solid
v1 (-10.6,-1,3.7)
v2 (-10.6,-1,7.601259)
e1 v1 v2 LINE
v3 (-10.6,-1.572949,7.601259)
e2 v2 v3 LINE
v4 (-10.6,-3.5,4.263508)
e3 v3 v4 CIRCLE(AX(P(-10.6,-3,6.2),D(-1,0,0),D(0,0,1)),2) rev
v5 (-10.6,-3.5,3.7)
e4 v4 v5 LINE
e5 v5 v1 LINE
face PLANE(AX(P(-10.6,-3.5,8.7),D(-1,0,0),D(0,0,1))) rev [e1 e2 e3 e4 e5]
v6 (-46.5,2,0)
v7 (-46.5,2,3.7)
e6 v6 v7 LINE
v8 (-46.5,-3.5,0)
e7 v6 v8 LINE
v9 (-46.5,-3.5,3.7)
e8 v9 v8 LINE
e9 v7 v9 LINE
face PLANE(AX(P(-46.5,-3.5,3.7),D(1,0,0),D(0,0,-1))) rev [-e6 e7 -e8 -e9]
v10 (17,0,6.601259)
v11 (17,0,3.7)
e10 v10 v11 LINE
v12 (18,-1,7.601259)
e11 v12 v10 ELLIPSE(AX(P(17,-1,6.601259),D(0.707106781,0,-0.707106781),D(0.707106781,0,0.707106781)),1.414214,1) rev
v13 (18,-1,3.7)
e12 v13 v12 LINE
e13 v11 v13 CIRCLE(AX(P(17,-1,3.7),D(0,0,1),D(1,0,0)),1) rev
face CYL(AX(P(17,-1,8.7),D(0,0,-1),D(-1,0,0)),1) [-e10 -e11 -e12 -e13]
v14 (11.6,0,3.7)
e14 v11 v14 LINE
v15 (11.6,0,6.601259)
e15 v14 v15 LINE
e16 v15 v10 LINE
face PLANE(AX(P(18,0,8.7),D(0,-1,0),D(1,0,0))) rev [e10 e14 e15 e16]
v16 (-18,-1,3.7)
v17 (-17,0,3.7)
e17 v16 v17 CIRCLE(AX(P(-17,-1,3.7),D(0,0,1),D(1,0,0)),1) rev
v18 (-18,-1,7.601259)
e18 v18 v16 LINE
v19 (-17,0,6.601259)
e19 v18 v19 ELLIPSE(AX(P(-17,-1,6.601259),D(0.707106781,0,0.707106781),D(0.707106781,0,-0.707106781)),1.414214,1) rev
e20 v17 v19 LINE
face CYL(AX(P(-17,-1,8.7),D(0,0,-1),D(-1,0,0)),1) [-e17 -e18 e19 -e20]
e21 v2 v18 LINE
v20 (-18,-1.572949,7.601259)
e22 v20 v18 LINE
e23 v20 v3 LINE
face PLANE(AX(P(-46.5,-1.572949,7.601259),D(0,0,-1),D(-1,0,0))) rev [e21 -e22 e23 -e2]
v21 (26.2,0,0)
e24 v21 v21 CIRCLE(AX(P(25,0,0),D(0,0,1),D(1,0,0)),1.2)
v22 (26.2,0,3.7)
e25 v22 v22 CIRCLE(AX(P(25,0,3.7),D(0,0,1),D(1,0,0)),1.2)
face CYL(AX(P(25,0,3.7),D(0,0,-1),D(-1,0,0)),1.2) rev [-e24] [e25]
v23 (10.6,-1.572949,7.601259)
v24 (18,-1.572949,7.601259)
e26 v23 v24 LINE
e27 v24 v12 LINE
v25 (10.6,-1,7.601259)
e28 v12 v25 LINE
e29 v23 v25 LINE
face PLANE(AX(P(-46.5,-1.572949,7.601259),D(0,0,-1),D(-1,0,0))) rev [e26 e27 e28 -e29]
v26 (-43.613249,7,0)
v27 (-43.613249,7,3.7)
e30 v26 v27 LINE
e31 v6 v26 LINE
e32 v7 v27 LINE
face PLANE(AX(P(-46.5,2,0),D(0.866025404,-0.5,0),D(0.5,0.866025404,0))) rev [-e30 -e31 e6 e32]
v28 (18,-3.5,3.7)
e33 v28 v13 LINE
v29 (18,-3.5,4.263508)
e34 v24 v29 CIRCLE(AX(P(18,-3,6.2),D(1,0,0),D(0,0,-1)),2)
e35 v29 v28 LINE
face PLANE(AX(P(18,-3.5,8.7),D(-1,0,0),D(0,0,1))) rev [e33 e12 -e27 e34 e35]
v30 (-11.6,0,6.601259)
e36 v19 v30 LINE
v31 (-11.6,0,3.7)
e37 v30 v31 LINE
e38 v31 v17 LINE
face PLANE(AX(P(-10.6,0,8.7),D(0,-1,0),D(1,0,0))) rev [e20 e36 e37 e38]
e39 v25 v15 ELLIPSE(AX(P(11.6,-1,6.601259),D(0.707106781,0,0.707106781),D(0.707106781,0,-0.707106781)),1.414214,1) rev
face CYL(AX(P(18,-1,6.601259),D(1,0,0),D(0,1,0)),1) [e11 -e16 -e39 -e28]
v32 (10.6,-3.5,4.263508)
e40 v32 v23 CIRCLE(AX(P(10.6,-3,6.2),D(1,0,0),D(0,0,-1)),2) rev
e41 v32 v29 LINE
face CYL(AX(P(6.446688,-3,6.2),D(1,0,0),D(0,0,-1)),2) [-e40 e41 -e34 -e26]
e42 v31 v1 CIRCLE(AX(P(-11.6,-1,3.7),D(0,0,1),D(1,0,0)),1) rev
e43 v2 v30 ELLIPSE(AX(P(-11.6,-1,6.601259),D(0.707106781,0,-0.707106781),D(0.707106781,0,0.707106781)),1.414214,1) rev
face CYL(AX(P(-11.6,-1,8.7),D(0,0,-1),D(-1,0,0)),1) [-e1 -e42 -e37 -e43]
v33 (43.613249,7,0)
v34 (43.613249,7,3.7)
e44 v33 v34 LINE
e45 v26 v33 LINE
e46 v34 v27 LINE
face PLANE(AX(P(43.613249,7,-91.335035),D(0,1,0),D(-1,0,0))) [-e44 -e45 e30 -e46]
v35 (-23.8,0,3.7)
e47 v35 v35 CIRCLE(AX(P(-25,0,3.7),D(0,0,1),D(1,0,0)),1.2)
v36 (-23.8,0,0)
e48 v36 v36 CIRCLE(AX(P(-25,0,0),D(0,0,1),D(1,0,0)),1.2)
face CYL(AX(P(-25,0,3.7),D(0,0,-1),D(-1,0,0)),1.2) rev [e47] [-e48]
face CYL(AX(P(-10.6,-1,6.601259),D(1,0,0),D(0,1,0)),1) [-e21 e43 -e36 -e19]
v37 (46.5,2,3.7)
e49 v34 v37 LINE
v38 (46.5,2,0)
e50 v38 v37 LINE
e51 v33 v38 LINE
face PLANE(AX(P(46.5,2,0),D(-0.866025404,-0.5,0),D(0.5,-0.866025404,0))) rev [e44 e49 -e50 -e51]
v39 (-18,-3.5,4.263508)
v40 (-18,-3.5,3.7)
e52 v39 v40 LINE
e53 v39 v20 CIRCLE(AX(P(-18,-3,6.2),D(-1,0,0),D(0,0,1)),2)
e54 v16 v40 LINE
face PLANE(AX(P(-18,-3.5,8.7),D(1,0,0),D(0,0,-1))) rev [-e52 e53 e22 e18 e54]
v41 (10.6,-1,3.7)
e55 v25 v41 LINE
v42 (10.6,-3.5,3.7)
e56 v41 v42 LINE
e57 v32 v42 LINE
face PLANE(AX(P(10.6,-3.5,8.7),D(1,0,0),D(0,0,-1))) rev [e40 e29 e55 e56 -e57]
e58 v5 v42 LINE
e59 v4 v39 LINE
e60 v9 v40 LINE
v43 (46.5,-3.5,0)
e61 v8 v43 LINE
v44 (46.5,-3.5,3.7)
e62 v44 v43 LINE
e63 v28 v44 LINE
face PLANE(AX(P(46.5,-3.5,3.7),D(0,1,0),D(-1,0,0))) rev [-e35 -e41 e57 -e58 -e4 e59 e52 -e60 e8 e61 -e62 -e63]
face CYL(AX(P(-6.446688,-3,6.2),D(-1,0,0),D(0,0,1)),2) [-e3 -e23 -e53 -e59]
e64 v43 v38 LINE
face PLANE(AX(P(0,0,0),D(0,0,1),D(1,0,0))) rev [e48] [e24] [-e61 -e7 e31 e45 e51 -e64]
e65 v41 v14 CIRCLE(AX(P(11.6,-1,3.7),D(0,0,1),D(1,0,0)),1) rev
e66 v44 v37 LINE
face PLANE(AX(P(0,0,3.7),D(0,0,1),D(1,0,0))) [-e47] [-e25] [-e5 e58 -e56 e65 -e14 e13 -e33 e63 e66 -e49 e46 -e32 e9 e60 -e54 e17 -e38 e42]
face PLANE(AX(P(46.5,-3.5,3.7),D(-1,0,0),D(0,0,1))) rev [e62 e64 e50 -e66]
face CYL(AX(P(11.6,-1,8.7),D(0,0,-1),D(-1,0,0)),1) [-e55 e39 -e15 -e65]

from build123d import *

# Parameters (mm, degrees)
SKETCH_1_W          = 93
SKETCH_1_H          = 7
SKETCH_1_R          = 1.2
EXTRUDE_1_DEPTH     = 3.7
SKETCH_2_W          = 7.4
SKETCH_2_H          = 3.5
EXTRUDE_2_DEPTH     = 5
EXTRUDE_3_DEPTH     = 7.4
EXTRUDE_START       = -7.4
EXTRUDE_4_DEPTH     = 7.4
CUT_EXTRUDE_1_DEPTH = 48.03456176
EXTRUDE_5_DEPTH     = 3.7
CUT_EXTRUDE_2_DEPTH = 66.459453099
FILLET_1_R          = 1


with BuildPart() as part:
    # ｽｹｯﾁ1 → ﾎﾞｽ - 押し出し1 (new body)
    with BuildSketch(Plane.XY):
        Rectangle(SKETCH_1_W, SKETCH_1_H)
        with Locations((-25, 0)):
            Circle(SKETCH_1_R, mode=Mode.SUBTRACT)
        with Locations((25, 0)):
            Circle(SKETCH_1_R, mode=Mode.SUBTRACT)
    extrude(amount=EXTRUDE_1_DEPTH)

    # ｽｹｯﾁ2 → ﾎﾞｽ - 押し出し2 (add)
    with BuildSketch(Plane.XY.offset(3.7)):
        with Locations((-14.3, -1.75)):
            Rectangle(SKETCH_2_W, SKETCH_2_H)
        with Locations((14.3, -1.75)):
            Rectangle(SKETCH_2_W, SKETCH_2_H)
    extrude(amount=EXTRUDE_2_DEPTH)

    # ｽｹｯﾁ3 → ﾎﾞｽ - 押し出し3 (add)
    with BuildSketch(Plane.ZY.offset(18)):
        with BuildLine():
            Line((4.263508327, -3.5), (8.136491673, -3.5))
            ThreePointArc((8.136491673, -3.5), (6.2, -5), (4.263508327, -3.5))
        make_face()
    extrude(amount=-EXTRUDE_3_DEPTH)

    # ｽｹｯﾁ4 → ﾎﾞｽ - 押し出し4 (add)
    with BuildSketch(Plane(origin=(18, 0, 0), x_dir=(0, 0, -1), z_dir=(1, 0, 0)).offset(EXTRUDE_START)):
        with BuildLine():
            Line((-8.136491673, -3.5), (-4.263508327, -3.5))
            ThreePointArc((-4.263508327, -3.5), (-6.2, -5), (-8.136491673, -3.5))
        make_face()
    extrude(amount=EXTRUDE_4_DEPTH)

    # ｽｹｯﾁ5 → ｶｯﾄ - 押し出し1 (cut, through all)
    with BuildSketch(Plane.XY.offset(3.7)):
        Polygon((-46.5, 2), (-45.633974596, 3.5), (-46.5, 3.5), align=None)
        Polygon((46.5, 3.5), (46.5, 2), (45.633974596, 3.5), align=None)
    extrude(amount=-CUT_EXTRUDE_1_DEPTH, mode=Mode.SUBTRACT)

    # ｽｹｯﾁ6 → ﾎﾞｽ - 押し出し5 (add)
    with BuildSketch(Plane.XY.offset(3.7)):
        Polygon((-45.633974596, 3.5), (45.633974596, 3.5), (43.613248654, 7), (-43.613248654, 7), align=None)
    extrude(amount=-EXTRUDE_5_DEPTH)

    # ｽｹｯﾁ7 → ｶｯﾄ - 押し出し2 (cut, through all)
    with BuildSketch(Plane(origin=(18, 0, 0), x_dir=(0, 0, -1), z_dir=(1, 0, 0))):
        with BuildLine():
            Line((-7.601258538, -1.572949017), (-7.601258538, 0))
            Line((-7.601258538, 0), (-8.7, 0))
            Line((-8.7, 0), (-8.7, -3.5))
            Line((-8.7, -3.5), (-8.136491673, -3.5))
            ThreePointArc((-8.136491673, -3.5), (-8.127050983, -2.464766865), (-7.601258538, -1.572949017))
        make_face()
    extrude(amount=-CUT_EXTRUDE_2_DEPTH, mode=Mode.SUBTRACT)

    # ﾌｨﾚｯﾄ1
    fillet_1_edges = [part.edges().sort_by_distance(p)[0] for p in [
        (10.6, 0, 5.650629269),
        (18, 0, 5.650629269),
        (-18, 0, 5.650629269),
        (-10.6, 0, 5.650629269),
        (-14.3, 0, 7.601258538),
        (14.3, 0, 7.601258538),
    ]]
    fillet(fillet_1_edges, radius=FILLET_1_R)


solid = part.part
